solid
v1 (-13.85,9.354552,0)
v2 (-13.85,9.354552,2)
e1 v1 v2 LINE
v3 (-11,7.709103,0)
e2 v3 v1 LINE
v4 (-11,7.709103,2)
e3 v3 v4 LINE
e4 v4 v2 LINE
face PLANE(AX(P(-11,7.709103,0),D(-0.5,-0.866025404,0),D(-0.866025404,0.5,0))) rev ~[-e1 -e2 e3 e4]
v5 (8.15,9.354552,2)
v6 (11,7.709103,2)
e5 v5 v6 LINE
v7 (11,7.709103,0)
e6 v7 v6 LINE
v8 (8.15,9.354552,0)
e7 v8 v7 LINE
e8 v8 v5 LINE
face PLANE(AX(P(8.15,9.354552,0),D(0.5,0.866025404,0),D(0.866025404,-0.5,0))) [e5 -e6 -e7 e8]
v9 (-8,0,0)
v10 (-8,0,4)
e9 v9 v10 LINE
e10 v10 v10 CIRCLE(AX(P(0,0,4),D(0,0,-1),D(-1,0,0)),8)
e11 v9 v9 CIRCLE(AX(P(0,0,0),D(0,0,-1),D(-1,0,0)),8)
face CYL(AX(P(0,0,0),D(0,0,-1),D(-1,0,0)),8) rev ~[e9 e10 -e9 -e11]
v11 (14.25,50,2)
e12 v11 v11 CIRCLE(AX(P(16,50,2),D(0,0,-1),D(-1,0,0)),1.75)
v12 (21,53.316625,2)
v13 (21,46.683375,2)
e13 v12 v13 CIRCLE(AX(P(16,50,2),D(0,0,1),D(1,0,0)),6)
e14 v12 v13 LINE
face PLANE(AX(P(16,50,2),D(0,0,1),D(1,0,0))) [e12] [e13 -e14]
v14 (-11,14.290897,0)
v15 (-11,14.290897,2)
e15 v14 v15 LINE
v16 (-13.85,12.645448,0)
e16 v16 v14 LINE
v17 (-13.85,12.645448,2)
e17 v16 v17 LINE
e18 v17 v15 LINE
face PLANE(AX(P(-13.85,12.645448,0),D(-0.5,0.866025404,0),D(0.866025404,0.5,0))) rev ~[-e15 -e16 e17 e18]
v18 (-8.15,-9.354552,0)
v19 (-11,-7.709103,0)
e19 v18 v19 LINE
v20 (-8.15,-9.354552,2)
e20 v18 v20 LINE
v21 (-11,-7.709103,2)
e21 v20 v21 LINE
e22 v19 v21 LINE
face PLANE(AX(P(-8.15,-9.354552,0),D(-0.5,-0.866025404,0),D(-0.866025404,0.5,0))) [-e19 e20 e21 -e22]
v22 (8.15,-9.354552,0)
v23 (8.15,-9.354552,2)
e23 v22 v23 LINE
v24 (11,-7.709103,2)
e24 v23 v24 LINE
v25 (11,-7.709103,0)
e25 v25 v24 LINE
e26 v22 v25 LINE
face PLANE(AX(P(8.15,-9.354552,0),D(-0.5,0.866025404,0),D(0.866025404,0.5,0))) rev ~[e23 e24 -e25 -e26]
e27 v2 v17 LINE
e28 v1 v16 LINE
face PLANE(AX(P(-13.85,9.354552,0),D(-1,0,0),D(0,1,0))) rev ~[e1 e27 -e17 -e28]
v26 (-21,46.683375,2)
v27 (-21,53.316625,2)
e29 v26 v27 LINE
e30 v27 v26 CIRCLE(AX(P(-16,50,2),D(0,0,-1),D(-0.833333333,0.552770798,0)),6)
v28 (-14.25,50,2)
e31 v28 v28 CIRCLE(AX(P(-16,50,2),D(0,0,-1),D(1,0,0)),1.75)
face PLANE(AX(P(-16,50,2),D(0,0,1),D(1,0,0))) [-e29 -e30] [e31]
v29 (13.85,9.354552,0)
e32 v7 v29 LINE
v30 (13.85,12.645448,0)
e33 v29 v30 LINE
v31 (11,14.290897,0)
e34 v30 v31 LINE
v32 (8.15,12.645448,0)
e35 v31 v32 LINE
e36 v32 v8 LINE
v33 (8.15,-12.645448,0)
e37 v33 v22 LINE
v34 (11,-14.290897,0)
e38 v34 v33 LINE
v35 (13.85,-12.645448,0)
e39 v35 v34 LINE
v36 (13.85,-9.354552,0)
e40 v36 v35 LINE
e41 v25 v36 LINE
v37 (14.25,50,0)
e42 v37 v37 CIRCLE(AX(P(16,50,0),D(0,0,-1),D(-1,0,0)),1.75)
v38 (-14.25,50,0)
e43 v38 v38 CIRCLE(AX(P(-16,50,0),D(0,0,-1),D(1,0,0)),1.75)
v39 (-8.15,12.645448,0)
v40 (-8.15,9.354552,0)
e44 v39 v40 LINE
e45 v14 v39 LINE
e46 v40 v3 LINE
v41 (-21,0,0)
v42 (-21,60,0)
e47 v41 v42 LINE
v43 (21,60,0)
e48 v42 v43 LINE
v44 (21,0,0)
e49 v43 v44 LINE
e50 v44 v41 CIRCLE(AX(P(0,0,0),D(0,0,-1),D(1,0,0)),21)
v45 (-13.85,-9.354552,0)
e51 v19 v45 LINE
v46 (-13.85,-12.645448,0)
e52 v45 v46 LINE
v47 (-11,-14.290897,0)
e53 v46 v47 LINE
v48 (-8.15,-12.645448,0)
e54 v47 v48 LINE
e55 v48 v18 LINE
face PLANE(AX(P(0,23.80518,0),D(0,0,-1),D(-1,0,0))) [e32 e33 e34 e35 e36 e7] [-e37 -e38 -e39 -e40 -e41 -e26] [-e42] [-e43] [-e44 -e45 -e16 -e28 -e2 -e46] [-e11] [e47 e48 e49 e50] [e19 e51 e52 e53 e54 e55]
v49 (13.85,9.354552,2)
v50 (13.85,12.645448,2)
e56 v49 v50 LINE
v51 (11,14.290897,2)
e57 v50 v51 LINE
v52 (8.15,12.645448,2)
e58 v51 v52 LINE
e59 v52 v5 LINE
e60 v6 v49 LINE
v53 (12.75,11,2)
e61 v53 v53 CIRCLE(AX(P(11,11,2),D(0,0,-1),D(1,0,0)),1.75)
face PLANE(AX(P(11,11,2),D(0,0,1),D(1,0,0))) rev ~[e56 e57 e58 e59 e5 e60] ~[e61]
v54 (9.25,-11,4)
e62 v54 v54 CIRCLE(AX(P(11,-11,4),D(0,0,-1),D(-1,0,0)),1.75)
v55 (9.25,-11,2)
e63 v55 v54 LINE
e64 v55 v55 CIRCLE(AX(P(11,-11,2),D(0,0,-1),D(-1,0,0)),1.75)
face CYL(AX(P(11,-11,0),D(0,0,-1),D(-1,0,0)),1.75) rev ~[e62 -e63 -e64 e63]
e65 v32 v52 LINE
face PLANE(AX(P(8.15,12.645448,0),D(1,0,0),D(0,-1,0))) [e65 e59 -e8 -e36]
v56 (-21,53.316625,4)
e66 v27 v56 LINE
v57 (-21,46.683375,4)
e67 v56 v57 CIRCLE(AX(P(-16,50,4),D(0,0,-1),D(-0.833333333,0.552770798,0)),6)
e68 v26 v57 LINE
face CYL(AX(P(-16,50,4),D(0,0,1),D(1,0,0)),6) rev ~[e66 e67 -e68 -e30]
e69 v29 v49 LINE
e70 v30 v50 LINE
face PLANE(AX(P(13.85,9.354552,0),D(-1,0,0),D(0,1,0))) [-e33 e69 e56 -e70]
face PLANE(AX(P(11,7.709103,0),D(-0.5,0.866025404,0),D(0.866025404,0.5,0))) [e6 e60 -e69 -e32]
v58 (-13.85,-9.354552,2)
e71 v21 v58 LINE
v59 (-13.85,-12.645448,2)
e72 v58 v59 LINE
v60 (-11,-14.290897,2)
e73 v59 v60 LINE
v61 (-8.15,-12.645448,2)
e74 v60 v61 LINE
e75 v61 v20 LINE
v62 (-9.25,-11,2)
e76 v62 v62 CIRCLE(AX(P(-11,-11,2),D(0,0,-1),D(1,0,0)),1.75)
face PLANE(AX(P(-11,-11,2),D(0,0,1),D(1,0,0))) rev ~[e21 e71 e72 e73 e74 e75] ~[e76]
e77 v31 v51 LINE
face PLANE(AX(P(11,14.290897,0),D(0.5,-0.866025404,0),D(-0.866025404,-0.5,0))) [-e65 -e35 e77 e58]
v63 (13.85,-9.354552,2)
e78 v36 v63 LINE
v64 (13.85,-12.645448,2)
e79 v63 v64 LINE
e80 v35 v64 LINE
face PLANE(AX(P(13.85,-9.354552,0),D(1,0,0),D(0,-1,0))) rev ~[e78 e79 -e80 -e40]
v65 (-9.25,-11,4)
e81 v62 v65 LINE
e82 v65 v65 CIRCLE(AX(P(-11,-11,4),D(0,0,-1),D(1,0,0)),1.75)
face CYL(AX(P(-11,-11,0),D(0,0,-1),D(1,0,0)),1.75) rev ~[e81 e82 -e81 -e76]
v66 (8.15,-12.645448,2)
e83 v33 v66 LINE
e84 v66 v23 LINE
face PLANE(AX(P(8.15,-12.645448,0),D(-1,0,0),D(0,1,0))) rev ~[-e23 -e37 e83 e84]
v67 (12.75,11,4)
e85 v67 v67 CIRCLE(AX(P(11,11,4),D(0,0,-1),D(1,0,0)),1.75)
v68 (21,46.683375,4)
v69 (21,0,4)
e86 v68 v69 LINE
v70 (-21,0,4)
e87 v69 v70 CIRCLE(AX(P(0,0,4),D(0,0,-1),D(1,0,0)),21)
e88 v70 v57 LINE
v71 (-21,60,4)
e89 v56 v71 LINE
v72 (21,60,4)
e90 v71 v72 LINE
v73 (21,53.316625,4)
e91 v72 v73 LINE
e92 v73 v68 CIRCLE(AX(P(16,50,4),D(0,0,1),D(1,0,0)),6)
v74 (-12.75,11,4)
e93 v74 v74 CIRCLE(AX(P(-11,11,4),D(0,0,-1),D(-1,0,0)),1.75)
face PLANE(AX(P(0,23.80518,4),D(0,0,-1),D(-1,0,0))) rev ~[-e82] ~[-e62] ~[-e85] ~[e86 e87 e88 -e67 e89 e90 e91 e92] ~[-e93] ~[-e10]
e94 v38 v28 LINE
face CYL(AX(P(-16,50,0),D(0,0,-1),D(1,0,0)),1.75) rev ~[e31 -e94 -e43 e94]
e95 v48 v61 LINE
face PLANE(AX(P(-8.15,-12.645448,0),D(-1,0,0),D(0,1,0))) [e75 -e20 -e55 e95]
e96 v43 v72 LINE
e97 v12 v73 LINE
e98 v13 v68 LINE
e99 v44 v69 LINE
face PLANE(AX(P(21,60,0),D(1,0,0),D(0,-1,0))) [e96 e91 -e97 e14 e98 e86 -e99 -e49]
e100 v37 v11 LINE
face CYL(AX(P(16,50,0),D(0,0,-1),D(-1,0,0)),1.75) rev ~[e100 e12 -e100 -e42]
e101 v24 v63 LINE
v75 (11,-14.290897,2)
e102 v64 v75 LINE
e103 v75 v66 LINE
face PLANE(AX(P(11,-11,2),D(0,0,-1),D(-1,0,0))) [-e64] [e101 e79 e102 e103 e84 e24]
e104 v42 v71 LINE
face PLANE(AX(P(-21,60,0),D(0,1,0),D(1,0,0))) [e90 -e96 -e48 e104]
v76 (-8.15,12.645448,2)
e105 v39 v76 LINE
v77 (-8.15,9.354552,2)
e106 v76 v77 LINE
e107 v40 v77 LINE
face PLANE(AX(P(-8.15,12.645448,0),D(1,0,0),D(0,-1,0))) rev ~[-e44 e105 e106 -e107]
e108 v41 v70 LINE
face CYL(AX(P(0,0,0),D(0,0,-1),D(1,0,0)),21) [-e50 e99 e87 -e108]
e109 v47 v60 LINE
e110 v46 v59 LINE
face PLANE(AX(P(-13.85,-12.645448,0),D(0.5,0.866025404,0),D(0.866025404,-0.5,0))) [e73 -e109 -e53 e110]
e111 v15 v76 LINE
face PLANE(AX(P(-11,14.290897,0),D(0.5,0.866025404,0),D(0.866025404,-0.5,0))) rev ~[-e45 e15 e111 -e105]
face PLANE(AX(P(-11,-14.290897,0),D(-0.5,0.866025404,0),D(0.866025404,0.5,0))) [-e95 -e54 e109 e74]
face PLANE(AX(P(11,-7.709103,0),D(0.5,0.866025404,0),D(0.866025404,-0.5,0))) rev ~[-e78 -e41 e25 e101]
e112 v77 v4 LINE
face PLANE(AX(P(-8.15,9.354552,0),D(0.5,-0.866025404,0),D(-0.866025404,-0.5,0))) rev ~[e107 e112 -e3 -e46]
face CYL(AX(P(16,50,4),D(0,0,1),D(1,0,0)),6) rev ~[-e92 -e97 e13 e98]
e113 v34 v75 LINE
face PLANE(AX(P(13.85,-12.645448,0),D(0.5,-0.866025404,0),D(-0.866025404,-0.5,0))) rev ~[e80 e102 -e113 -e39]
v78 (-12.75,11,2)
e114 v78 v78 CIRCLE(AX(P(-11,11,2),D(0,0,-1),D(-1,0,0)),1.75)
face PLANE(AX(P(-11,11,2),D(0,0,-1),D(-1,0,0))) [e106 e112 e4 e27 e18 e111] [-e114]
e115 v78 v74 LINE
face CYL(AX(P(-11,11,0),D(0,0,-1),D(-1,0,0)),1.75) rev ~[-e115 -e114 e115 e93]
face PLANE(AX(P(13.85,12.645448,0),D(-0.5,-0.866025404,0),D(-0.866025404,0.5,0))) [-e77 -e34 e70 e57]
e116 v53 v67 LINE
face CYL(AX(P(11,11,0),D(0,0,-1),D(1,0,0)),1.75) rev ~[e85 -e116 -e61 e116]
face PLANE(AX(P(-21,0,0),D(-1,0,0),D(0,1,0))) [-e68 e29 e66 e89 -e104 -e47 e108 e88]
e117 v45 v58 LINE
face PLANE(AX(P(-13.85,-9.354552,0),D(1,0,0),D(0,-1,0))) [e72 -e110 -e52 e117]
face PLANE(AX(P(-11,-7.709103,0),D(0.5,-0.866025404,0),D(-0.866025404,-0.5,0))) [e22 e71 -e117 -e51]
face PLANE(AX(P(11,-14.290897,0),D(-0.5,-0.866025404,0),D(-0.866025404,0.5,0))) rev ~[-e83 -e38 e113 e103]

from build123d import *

# Parameters (mm, degrees)
BOSS_EXTRUDE1_DEPTH = 4
SKETCH2_R           = 6
CUT_EXTRUDE1_DEPTH  = 64.694583757
SKETCH3_R           = 8
CUT_EXTRUDE2_DEPTH  = 4
SKETCH4_R           = 1.75
CUT_EXTRUDE3_DEPTH  = 64.694583757
CUT_EXTRUDE4_DEPTH  = 2
SKETCH6_R           = 1.75
CUT_EXTRUDE5_DEPTH  = 64.694583757
SKETCH7_R           = 6
CUT_EXTRUDE6_DEPTH  = 2


with BuildPart() as part:
    # Sketch1 → Boss-Extrude1 (new body)
    with BuildSketch(Plane.XY):
        with BuildLine():
            Line((-21, 0), (-21, 60))
            Line((-21, 60), (21, 60))
            Line((21, 60), (21, 0))
            ThreePointArc((21, 0), (0, -21), (-21, 0))
        make_face()
    extrude(amount=BOSS_EXTRUDE1_DEPTH)

    # Sketch2 → Cut-Extrude1 (cut, through all)
    with BuildSketch(Plane(origin=(0, 0, 0), x_dir=(-1, 0, 0), z_dir=(0, 0, -1))):
        Circle(SKETCH2_R)
    extrude(amount=-CUT_EXTRUDE1_DEPTH, mode=Mode.SUBTRACT)

    # Sketch3 → Cut-Extrude2 (cut)
    with BuildSketch(Plane(origin=(0, 0, 0), x_dir=(-1, 0, 0), z_dir=(0, 0, -1))):
        Circle(SKETCH3_R)
    extrude(amount=-CUT_EXTRUDE2_DEPTH, mode=Mode.SUBTRACT)

    # Sketch4 → Cut-Extrude3 (cut, through all)
    with BuildSketch(Plane(origin=(0, 0, 0), x_dir=(-1, 0, 0), z_dir=(0, 0, -1))):
        with Locations((-11, -11)):
            Circle(SKETCH4_R)
        with Locations(Location((-11, 11, 0), (0, 0, 180))):
            Circle(SKETCH4_R)
        with Locations((11, 11)):
            Circle(SKETCH4_R)
        with Locations(Location((11, -11, 0), (0, 0, 180))):
            Circle(SKETCH4_R)
    extrude(amount=-CUT_EXTRUDE3_DEPTH, mode=Mode.SUBTRACT)

    # Sketch5 → Cut-Extrude4 (cut)
    with BuildSketch(Plane(origin=(0, 0, 0), x_dir=(-1, 0, 0), z_dir=(0, 0, -1))):
        Polygon((-11, -7.709103466), (-13.85, -9.354551733), (-13.85, -12.645448267), (-11, -14.290896534), (-8.15, -12.645448267), (-8.15, -9.354551733), align=None)
        Polygon((-8.15, 9.354551733), (-11, 7.709103466), (-13.85, 9.354551733), (-13.85, 12.645448267), (-11, 14.290896534), (-8.15, 12.645448267), align=None)
        Polygon((11, 7.709103466), (13.85, 9.354551733), (13.85, 12.645448267), (11, 14.290896534), (8.15, 12.645448267), (8.15, 9.354551733), align=None)
        Polygon((8.15, -9.354551733), (11, -7.709103466), (13.85, -9.354551733), (13.85, -12.645448267), (11, -14.290896534), (8.15, -12.645448267), align=None)
    extrude(amount=-CUT_EXTRUDE4_DEPTH, mode=Mode.SUBTRACT)

    # Sketch6 → Cut-Extrude5 (cut, through all)
    with BuildSketch(Plane(origin=(0, 0, 0), x_dir=(-1, 0, 0), z_dir=(0, 0, -1))):
        with Locations((-16, 50)):
            Circle(SKETCH6_R)
        with Locations(Location((16, 50, 0), (0, 0, 180))):
            Circle(SKETCH6_R)
    extrude(amount=-CUT_EXTRUDE5_DEPTH, mode=Mode.SUBTRACT)

    # Sketch7 → Cut-Extrude6 (cut)
    with BuildSketch(Plane.XY.offset(4)):
        with Locations((-16, 50)):
            Circle(SKETCH7_R)
        with Locations((16, 50)):
            Circle(SKETCH7_R)
    extrude(amount=-CUT_EXTRUDE6_DEPTH, mode=Mode.SUBTRACT)


solid = part.part
